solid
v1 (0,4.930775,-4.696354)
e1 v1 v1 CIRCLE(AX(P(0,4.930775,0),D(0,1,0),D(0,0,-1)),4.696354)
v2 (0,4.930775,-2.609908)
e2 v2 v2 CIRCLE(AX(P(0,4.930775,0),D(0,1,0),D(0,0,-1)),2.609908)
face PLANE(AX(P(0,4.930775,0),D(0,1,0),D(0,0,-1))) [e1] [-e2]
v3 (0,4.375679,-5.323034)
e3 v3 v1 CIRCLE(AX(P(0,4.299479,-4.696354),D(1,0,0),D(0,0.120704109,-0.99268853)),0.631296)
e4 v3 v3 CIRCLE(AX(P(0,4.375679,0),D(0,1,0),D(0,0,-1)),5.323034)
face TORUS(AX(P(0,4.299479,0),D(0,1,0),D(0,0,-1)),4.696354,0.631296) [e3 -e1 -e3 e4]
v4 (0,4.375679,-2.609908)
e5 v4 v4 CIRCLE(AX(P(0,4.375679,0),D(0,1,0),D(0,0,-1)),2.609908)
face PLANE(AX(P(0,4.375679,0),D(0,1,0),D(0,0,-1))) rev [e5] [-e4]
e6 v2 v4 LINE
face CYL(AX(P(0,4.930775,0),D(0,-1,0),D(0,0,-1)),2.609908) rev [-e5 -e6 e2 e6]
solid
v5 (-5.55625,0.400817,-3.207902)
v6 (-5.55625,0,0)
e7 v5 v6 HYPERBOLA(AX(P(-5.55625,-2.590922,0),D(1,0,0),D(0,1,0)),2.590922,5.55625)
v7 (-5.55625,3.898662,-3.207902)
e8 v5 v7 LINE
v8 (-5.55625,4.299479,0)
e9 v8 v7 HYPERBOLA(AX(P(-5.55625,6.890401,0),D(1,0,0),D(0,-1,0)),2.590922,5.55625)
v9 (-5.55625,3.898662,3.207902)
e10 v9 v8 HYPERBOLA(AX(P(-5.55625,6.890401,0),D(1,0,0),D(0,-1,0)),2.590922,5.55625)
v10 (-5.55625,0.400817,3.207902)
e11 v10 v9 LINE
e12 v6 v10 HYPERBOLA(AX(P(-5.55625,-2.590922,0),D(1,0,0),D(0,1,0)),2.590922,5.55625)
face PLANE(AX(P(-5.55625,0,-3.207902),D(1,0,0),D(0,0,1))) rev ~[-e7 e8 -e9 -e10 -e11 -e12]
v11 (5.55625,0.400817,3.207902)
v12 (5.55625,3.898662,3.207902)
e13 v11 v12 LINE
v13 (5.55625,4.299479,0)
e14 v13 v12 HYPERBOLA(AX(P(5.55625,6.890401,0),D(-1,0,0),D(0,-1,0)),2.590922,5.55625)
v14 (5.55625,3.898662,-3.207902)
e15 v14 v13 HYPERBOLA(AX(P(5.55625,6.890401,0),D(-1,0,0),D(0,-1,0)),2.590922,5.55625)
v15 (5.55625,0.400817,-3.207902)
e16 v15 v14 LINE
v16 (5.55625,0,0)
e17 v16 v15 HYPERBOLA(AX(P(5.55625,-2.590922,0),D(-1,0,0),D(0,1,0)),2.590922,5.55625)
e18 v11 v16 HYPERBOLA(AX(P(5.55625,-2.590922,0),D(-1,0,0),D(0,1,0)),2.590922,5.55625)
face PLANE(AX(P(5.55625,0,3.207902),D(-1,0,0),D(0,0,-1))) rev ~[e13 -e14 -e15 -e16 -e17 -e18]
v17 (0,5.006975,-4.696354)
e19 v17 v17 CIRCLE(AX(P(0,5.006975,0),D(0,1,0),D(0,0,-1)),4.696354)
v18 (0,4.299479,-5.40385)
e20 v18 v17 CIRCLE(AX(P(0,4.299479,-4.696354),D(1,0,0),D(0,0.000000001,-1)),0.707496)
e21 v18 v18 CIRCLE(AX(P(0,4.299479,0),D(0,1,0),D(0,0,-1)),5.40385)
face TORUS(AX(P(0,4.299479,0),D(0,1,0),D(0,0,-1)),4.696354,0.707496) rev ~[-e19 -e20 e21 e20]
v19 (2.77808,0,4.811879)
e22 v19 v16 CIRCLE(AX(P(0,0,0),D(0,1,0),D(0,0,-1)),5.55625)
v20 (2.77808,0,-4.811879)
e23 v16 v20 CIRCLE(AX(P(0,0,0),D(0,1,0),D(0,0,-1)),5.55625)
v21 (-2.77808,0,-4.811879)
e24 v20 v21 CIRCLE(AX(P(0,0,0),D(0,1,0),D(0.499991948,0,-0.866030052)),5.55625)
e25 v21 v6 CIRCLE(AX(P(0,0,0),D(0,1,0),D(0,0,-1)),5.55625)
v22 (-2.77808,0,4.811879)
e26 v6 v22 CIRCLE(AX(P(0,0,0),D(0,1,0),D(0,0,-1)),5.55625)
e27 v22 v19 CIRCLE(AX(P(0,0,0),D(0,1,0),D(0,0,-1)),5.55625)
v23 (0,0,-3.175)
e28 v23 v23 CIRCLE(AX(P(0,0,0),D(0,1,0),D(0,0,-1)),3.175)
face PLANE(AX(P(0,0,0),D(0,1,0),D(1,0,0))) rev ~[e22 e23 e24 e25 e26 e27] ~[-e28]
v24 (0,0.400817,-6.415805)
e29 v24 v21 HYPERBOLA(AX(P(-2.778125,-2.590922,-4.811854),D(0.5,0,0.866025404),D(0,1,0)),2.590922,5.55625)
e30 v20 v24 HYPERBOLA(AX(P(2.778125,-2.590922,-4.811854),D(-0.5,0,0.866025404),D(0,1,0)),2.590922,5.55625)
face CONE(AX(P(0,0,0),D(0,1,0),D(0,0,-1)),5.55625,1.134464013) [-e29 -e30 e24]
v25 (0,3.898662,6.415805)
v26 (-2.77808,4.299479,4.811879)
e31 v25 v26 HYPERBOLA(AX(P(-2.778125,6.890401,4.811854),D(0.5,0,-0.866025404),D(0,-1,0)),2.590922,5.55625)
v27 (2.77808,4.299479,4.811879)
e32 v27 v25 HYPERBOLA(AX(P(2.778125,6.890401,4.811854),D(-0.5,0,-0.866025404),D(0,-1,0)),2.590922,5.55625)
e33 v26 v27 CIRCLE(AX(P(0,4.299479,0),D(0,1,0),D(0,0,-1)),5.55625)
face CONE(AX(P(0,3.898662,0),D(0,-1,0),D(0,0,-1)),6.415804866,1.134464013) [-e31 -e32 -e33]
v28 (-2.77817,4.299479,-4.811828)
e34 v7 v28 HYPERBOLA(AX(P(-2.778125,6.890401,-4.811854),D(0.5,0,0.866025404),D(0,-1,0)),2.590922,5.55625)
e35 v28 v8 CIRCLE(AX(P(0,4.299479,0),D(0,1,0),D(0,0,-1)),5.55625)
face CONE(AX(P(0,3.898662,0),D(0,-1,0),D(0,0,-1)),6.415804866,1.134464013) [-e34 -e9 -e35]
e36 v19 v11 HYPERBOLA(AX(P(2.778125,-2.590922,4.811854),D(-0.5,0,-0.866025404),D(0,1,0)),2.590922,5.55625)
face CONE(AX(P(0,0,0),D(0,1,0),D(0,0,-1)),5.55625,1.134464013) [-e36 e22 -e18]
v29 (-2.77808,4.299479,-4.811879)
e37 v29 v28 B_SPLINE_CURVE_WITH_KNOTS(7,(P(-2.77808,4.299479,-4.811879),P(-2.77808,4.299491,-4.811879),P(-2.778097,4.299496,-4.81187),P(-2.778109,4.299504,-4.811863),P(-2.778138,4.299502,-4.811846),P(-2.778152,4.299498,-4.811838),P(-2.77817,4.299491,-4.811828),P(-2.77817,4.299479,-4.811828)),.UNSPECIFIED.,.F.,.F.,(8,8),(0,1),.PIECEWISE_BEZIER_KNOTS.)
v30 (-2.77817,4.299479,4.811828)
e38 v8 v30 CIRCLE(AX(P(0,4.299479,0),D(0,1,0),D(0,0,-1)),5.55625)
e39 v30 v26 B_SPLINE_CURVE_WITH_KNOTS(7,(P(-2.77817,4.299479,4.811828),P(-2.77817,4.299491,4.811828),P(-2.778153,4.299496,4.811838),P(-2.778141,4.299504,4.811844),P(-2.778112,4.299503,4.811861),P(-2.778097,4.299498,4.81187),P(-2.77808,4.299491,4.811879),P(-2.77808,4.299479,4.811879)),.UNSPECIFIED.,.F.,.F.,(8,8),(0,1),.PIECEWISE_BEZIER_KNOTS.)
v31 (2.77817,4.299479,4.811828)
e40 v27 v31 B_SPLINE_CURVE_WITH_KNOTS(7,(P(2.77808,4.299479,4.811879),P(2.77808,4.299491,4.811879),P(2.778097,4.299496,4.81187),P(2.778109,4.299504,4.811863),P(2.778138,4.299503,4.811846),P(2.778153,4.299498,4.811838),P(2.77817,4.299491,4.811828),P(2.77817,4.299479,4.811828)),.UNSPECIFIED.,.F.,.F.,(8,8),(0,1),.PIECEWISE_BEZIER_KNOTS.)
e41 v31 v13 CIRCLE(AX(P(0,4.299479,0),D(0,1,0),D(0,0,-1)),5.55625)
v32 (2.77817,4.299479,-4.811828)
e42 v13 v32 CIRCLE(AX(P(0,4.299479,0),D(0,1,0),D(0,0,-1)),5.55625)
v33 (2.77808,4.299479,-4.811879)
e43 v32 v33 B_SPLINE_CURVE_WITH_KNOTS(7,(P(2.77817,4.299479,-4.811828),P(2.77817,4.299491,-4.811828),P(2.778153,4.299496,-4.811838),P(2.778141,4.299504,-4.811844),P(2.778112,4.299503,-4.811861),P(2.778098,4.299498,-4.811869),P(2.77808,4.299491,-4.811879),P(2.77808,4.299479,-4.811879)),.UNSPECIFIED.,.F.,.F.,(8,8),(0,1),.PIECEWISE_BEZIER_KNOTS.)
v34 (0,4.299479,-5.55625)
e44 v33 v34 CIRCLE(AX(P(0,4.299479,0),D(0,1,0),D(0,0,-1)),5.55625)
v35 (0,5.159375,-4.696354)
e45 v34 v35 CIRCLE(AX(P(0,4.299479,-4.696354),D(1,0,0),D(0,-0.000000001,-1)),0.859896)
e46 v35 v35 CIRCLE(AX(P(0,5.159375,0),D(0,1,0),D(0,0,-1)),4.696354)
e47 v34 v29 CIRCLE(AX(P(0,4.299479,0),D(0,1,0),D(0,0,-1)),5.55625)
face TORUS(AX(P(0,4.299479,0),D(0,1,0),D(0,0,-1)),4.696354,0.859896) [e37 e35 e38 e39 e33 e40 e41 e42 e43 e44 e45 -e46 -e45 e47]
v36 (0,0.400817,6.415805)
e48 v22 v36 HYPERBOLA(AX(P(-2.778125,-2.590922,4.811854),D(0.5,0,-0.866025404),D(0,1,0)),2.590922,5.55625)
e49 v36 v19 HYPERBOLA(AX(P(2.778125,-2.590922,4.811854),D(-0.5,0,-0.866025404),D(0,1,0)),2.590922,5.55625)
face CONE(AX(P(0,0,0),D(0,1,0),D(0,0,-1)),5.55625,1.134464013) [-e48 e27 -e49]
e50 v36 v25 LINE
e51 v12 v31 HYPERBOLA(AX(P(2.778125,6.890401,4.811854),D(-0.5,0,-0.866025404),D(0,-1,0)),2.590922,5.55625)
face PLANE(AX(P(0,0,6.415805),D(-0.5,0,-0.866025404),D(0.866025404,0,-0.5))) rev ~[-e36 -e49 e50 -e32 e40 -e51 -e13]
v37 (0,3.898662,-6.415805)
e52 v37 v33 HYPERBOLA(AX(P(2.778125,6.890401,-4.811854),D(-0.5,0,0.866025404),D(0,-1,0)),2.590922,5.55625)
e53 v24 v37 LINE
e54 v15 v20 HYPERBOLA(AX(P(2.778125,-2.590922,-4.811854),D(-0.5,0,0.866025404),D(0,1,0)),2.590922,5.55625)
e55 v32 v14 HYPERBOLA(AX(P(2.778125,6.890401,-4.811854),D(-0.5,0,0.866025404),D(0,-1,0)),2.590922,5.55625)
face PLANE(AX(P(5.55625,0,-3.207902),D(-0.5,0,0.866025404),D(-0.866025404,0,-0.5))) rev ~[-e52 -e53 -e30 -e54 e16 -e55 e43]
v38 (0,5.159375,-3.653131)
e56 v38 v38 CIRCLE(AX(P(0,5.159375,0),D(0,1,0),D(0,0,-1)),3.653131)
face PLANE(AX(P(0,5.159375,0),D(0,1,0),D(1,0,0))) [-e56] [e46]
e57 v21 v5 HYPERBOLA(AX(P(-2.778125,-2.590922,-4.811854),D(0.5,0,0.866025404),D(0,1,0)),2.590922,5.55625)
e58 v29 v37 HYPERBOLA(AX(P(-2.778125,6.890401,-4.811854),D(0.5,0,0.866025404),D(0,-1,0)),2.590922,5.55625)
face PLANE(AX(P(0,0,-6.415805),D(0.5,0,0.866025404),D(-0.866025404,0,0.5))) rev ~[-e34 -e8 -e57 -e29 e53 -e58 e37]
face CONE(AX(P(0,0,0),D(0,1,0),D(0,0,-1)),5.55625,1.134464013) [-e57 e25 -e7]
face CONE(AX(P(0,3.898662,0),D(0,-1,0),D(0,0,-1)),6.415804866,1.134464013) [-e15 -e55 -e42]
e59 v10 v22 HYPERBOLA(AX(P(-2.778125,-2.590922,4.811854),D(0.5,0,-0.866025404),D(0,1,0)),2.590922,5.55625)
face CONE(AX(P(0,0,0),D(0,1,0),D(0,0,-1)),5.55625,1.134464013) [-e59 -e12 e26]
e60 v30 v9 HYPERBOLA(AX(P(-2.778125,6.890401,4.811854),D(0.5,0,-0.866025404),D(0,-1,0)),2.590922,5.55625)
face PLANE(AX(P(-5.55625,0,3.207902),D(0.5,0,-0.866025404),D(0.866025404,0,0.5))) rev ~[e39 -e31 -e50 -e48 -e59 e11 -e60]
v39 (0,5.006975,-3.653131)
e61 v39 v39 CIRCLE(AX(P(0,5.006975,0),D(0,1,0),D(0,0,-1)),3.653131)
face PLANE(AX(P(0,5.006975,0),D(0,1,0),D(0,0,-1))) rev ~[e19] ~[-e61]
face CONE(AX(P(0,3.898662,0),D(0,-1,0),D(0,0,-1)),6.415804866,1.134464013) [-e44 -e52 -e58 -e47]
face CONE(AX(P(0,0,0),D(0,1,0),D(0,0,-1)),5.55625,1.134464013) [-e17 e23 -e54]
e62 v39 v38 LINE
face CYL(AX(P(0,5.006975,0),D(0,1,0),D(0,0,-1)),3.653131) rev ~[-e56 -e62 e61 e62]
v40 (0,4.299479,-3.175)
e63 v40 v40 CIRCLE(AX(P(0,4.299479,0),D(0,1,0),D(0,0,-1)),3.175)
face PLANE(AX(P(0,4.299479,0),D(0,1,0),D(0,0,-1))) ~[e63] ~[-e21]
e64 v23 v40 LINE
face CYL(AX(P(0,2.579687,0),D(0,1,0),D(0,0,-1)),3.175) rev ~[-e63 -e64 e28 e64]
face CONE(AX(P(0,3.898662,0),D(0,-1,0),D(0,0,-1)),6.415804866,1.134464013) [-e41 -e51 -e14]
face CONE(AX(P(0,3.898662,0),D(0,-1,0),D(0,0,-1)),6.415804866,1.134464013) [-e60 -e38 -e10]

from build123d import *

# Parameters (mm, degrees)
EXTRUDE1_DEPTH = 5.159375
SKETCH2_W      = 3.175
SKETCH2_H      = 5.159375


with BuildPart() as part:
    # Sketch1 → Extrude1 (new body)
    with BuildSketch(Plane(origin=(0, 0, 0), x_dir=(1, 0, 0), z_dir=(0, 1, 0))):
        Polygon((0, 6.415804866), (-5.55625, 3.207902433), (-5.55625, -3.207902433), (0, -6.415804866), (5.55625, -3.207902433), (5.55625, 3.207902433), align=None)
    extrude(amount=EXTRUDE1_DEPTH)


with BuildPart() as body_2:
    # Sketch2 → Revolve1 (revolve)
    with BuildSketch(Plane(origin=(0, 0, 0), x_dir=(0, 0, -1), z_dir=(1, 0, 0))):
        with Locations((1.5875, 2.5796875)):
            Rectangle(SKETCH2_W, SKETCH2_H)
    revolve(axis=Axis((0, -3.175, 0), (0, 1, 0)))


with BuildPart() as part_1:
    add(part.part)

    # Combine1: cut body 2
    add(body_2.part, mode=Mode.SUBTRACT)

    # Sketch5 → Cut-Revolve3 (revolve, cut)
    with BuildSketch(Plane(origin=(0, 0, 0), x_dir=(0, 0, -1), z_dir=(1, 0, 0))):
        with BuildLine():
            Line((0, 0), (5.55625, 0))
            Line((5.55625, 0), (6.415804866, 0.400817017))
            Line((6.415804866, 0.400817017), (6.415804866, 3.89866215))
            Line((6.415804866, 3.89866215), (5.55625, 4.299479167))
            ThreePointArc((5.55625, 4.299479167), (5.304392342, 4.907517342), (4.696354167, 5.159375))
            Line((4.696354167, 5.159375), (4.696354167, 6.429375))
            Line((4.696354167, 6.429375), (7.685804866, 6.429375))
            Line((7.685804866, 6.429375), (7.685804866, -1.27))
            Line((7.685804866, -1.27), (0, -1.27))
            Line((0, -1.27), (0, 0))
        make_face()
    revolve(axis=Axis((0, 0, 0), (0, 1, 0)), mode=Mode.SUBTRACT)

    # Sketch6 → Cut-Revolve4 (revolve, cut)
    with BuildSketch(Plane(origin=(0, 0, 0), x_dir=(0, 0, -1), z_dir=(1, 0, 0))):
        with BuildLine():
            Line((0, 4.299479167), (5.40385, 4.299479167))
            ThreePointArc((5.40385, 4.299479167), (5.196629268, 4.799754268), (4.696354167, 5.006975))
            Line((4.696354167, 5.006975), (3.653131261, 5.006975))
            Line((3.653131261, 5.006975), (3.653131261, 6.429375))
            Line((3.653131261, 6.429375), (0, 6.429375))
            Line((0, 6.429375), (0, 4.299479167))
        make_face()
    revolve(axis=Axis((0, 6.429375, 0), (0, 1, 0)), mode=Mode.SUBTRACT)


with BuildPart() as body_2_2:
    # Sketch7 → Revolve2 (revolve)
    with BuildSketch(Plane(origin=(0, 0, 0), x_dir=(0, 0, -1), z_dir=(1, 0, 0))):
        with BuildLine():
            Line((2.609908356, 4.375679167), (5.3230343, 4.375679167))
            ThreePointArc((5.3230343, 4.375679167), (5.114940888, 4.772046184), (4.696354167, 4.930775))
            Line((4.696354167, 4.930775), (2.609908356, 4.930775))
            Line((2.609908356, 4.930775), (2.609908356, 4.375679167))
        make_face()
    revolve(axis=Axis((0, 4.375679167, 0), (0, 1, 0)))


solid = Compound([part_1.part, body_2_2.part])
